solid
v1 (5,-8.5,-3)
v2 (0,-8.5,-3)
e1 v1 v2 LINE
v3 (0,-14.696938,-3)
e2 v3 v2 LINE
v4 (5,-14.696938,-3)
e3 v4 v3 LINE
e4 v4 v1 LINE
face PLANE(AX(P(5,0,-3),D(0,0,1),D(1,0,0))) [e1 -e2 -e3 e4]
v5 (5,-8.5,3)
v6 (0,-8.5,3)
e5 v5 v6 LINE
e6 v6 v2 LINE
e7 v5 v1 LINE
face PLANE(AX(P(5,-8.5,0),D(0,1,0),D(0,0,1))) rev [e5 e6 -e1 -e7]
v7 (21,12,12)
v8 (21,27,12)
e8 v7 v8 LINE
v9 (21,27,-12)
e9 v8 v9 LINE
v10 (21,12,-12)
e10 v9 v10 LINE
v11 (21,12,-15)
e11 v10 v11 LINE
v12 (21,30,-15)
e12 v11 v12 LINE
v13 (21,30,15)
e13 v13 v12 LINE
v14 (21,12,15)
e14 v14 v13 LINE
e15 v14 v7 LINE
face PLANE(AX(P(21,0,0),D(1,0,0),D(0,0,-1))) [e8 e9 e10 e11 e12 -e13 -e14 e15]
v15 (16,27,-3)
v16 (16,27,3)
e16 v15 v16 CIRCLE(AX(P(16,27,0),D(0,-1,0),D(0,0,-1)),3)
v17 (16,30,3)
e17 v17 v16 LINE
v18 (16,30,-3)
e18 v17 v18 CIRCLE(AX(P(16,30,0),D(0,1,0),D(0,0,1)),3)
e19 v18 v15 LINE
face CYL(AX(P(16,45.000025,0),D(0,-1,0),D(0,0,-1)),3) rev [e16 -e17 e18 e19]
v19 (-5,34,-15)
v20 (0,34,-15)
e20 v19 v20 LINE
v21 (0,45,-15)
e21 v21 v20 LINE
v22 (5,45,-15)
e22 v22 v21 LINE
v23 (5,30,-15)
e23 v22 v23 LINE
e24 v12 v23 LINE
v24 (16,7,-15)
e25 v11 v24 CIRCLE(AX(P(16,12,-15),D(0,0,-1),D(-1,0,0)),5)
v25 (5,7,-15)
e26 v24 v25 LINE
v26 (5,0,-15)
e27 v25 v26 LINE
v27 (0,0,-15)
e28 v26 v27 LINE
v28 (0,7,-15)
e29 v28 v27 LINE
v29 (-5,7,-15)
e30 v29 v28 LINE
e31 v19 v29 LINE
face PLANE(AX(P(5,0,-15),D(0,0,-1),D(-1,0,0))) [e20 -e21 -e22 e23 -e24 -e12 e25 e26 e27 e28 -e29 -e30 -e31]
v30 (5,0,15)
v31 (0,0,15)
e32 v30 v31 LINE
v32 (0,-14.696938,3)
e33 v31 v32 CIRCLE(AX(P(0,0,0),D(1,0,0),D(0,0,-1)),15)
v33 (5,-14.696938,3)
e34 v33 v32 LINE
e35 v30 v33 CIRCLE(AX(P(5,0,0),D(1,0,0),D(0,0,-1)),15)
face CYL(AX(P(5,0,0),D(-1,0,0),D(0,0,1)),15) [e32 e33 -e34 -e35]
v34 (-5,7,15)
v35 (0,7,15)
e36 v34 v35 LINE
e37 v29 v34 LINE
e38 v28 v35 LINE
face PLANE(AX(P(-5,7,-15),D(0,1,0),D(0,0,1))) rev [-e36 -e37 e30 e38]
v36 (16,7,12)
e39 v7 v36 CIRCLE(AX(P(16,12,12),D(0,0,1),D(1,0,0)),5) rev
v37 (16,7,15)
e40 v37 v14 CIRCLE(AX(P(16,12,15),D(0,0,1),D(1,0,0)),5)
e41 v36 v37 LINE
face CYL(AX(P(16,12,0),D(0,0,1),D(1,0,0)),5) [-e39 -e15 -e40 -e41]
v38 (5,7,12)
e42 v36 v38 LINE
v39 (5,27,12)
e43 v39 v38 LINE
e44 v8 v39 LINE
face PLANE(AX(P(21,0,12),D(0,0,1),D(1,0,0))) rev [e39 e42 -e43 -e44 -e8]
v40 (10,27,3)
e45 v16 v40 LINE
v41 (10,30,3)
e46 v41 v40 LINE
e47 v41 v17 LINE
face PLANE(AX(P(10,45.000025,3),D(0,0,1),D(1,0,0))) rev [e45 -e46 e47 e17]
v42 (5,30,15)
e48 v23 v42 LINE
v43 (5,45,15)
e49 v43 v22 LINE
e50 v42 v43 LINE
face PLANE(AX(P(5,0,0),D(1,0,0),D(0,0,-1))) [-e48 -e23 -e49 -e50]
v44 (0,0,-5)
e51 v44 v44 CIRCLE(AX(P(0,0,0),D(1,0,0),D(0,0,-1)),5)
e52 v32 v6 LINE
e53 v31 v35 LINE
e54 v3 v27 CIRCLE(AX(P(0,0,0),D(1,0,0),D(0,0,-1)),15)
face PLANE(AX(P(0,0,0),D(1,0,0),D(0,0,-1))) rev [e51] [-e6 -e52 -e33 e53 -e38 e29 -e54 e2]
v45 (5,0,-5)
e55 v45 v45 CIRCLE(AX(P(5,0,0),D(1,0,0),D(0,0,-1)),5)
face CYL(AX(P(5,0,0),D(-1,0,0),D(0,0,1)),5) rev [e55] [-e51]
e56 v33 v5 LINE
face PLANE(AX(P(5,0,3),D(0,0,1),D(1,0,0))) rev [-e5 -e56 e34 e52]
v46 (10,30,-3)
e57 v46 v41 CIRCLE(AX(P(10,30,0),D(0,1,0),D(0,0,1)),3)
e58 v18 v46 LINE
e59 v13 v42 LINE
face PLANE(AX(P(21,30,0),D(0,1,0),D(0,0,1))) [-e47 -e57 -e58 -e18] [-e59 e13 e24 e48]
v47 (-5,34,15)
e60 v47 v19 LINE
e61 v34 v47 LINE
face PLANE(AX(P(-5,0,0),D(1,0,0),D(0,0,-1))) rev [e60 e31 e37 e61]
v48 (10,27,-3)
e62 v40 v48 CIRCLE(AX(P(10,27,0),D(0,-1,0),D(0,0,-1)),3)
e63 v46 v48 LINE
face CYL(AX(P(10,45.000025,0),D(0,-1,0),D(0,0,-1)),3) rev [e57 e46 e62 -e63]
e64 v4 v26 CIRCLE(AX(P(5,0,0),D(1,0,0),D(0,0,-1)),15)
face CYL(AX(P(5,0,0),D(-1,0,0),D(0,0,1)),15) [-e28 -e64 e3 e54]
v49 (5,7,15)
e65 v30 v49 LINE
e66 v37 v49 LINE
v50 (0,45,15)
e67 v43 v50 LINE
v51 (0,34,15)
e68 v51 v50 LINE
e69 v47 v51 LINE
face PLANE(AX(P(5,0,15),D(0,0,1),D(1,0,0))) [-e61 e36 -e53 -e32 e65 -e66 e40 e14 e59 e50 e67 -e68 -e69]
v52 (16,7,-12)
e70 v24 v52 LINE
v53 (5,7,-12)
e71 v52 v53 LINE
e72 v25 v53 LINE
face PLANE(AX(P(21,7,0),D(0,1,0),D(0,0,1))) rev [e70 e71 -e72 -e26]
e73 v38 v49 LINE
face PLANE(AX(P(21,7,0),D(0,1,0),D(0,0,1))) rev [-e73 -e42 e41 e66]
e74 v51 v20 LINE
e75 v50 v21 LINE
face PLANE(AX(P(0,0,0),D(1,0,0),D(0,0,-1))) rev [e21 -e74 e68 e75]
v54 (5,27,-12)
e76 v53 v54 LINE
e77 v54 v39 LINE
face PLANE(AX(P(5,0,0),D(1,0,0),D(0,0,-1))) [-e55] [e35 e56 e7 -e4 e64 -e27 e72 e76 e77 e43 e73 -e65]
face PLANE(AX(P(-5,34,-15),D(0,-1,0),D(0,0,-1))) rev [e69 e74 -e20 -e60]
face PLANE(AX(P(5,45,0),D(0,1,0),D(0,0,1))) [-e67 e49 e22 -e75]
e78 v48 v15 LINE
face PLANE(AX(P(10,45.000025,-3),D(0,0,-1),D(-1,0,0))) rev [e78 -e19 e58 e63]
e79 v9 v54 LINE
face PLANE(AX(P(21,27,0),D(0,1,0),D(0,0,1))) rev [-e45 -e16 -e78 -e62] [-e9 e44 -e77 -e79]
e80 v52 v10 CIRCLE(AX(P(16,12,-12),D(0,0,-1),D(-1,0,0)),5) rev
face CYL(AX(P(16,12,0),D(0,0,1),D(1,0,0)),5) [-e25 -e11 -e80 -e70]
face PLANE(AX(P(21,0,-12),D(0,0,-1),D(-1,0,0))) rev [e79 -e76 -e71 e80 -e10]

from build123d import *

# Parameters (mm, degrees)
SKETCH_1_R          = 5
EXTRUDE_1_DEPTH     = 5
EXTRUDE_2_DEPTH     = 21
FILLET_1_R          = 5
SKETCH_3_W          = 30
SKETCH_3_H          = 27
EXTRUDE_3_DEPTH     = 5
CUT_EXTRUDE_1_DEPTH = 50.037074512


with BuildPart() as part:
    # Эскиз1 → Бобышка-Вытянуть1 (new body)
    with BuildSketch(Plane(origin=(0, 0, 0), x_dir=(0, 0, -1), z_dir=(1, 0, 0))):
        with BuildLine():
            ThreePointArc((-15, 0), (-11.618950039, -9.486832981), (-3, -14.696938457))
            Line((-3, -14.696938457), (-3, -8.5))
            Line((-3, -8.5), (3, -8.5))
            Line((3, -8.5), (3, -14.696938457))
            ThreePointArc((3, -14.696938457), (11.618950039, -9.486832981), (15, 0))
            Line((15, 0), (15, 45))
            Line((15, 45), (-15, 45))
            Line((-15, 45), (-15, 0))
        make_face()
        Circle(SKETCH_1_R, mode=Mode.SUBTRACT)
    extrude(amount=EXTRUDE_1_DEPTH)

    # Эскиз1<4> → Бобышка-Вытянуть2 (add)
    with BuildSketch(Plane(origin=(0, 0, 0), x_dir=(0, 0, -1), z_dir=(1, 0, 0))):
        Polygon((-15, 30), (-15, 7), (-12, 7), (-12, 27), (12, 27), (12, 7), (15, 7), (15, 30), align=None)
    extrude(amount=EXTRUDE_2_DEPTH)

    # Скругление1
    fillet_1_edges = [part.edges().sort_by_distance(p)[0] for p in [
        (21, 7, 13.5),
        (21, 7, -13.5),
    ]]
    fillet(fillet_1_edges, radius=FILLET_1_R)

    # Эскиз3 → Бобышка-Вытянуть3 (add)
    with BuildSketch(Plane.ZY):
        with Locations((0, 20.5)):
            Rectangle(SKETCH_3_W, SKETCH_3_H)
    extrude(amount=EXTRUDE_3_DEPTH)

    # Эскиз4 → Вырез-Вытянуть1 (cut, through all)
    with BuildSketch(Plane.XZ.offset(-27)):
        with BuildLine():
            Line((10, 3), (16, 3))
            ThreePointArc((16, 3), (19, 0), (16, -3))
            Line((16, -3), (10, -3))
            ThreePointArc((10, -3), (7, 0), (10, 3))
        make_face()
    extrude(amount=-CUT_EXTRUDE_1_DEPTH, mode=Mode.SUBTRACT)


solid = part.part
